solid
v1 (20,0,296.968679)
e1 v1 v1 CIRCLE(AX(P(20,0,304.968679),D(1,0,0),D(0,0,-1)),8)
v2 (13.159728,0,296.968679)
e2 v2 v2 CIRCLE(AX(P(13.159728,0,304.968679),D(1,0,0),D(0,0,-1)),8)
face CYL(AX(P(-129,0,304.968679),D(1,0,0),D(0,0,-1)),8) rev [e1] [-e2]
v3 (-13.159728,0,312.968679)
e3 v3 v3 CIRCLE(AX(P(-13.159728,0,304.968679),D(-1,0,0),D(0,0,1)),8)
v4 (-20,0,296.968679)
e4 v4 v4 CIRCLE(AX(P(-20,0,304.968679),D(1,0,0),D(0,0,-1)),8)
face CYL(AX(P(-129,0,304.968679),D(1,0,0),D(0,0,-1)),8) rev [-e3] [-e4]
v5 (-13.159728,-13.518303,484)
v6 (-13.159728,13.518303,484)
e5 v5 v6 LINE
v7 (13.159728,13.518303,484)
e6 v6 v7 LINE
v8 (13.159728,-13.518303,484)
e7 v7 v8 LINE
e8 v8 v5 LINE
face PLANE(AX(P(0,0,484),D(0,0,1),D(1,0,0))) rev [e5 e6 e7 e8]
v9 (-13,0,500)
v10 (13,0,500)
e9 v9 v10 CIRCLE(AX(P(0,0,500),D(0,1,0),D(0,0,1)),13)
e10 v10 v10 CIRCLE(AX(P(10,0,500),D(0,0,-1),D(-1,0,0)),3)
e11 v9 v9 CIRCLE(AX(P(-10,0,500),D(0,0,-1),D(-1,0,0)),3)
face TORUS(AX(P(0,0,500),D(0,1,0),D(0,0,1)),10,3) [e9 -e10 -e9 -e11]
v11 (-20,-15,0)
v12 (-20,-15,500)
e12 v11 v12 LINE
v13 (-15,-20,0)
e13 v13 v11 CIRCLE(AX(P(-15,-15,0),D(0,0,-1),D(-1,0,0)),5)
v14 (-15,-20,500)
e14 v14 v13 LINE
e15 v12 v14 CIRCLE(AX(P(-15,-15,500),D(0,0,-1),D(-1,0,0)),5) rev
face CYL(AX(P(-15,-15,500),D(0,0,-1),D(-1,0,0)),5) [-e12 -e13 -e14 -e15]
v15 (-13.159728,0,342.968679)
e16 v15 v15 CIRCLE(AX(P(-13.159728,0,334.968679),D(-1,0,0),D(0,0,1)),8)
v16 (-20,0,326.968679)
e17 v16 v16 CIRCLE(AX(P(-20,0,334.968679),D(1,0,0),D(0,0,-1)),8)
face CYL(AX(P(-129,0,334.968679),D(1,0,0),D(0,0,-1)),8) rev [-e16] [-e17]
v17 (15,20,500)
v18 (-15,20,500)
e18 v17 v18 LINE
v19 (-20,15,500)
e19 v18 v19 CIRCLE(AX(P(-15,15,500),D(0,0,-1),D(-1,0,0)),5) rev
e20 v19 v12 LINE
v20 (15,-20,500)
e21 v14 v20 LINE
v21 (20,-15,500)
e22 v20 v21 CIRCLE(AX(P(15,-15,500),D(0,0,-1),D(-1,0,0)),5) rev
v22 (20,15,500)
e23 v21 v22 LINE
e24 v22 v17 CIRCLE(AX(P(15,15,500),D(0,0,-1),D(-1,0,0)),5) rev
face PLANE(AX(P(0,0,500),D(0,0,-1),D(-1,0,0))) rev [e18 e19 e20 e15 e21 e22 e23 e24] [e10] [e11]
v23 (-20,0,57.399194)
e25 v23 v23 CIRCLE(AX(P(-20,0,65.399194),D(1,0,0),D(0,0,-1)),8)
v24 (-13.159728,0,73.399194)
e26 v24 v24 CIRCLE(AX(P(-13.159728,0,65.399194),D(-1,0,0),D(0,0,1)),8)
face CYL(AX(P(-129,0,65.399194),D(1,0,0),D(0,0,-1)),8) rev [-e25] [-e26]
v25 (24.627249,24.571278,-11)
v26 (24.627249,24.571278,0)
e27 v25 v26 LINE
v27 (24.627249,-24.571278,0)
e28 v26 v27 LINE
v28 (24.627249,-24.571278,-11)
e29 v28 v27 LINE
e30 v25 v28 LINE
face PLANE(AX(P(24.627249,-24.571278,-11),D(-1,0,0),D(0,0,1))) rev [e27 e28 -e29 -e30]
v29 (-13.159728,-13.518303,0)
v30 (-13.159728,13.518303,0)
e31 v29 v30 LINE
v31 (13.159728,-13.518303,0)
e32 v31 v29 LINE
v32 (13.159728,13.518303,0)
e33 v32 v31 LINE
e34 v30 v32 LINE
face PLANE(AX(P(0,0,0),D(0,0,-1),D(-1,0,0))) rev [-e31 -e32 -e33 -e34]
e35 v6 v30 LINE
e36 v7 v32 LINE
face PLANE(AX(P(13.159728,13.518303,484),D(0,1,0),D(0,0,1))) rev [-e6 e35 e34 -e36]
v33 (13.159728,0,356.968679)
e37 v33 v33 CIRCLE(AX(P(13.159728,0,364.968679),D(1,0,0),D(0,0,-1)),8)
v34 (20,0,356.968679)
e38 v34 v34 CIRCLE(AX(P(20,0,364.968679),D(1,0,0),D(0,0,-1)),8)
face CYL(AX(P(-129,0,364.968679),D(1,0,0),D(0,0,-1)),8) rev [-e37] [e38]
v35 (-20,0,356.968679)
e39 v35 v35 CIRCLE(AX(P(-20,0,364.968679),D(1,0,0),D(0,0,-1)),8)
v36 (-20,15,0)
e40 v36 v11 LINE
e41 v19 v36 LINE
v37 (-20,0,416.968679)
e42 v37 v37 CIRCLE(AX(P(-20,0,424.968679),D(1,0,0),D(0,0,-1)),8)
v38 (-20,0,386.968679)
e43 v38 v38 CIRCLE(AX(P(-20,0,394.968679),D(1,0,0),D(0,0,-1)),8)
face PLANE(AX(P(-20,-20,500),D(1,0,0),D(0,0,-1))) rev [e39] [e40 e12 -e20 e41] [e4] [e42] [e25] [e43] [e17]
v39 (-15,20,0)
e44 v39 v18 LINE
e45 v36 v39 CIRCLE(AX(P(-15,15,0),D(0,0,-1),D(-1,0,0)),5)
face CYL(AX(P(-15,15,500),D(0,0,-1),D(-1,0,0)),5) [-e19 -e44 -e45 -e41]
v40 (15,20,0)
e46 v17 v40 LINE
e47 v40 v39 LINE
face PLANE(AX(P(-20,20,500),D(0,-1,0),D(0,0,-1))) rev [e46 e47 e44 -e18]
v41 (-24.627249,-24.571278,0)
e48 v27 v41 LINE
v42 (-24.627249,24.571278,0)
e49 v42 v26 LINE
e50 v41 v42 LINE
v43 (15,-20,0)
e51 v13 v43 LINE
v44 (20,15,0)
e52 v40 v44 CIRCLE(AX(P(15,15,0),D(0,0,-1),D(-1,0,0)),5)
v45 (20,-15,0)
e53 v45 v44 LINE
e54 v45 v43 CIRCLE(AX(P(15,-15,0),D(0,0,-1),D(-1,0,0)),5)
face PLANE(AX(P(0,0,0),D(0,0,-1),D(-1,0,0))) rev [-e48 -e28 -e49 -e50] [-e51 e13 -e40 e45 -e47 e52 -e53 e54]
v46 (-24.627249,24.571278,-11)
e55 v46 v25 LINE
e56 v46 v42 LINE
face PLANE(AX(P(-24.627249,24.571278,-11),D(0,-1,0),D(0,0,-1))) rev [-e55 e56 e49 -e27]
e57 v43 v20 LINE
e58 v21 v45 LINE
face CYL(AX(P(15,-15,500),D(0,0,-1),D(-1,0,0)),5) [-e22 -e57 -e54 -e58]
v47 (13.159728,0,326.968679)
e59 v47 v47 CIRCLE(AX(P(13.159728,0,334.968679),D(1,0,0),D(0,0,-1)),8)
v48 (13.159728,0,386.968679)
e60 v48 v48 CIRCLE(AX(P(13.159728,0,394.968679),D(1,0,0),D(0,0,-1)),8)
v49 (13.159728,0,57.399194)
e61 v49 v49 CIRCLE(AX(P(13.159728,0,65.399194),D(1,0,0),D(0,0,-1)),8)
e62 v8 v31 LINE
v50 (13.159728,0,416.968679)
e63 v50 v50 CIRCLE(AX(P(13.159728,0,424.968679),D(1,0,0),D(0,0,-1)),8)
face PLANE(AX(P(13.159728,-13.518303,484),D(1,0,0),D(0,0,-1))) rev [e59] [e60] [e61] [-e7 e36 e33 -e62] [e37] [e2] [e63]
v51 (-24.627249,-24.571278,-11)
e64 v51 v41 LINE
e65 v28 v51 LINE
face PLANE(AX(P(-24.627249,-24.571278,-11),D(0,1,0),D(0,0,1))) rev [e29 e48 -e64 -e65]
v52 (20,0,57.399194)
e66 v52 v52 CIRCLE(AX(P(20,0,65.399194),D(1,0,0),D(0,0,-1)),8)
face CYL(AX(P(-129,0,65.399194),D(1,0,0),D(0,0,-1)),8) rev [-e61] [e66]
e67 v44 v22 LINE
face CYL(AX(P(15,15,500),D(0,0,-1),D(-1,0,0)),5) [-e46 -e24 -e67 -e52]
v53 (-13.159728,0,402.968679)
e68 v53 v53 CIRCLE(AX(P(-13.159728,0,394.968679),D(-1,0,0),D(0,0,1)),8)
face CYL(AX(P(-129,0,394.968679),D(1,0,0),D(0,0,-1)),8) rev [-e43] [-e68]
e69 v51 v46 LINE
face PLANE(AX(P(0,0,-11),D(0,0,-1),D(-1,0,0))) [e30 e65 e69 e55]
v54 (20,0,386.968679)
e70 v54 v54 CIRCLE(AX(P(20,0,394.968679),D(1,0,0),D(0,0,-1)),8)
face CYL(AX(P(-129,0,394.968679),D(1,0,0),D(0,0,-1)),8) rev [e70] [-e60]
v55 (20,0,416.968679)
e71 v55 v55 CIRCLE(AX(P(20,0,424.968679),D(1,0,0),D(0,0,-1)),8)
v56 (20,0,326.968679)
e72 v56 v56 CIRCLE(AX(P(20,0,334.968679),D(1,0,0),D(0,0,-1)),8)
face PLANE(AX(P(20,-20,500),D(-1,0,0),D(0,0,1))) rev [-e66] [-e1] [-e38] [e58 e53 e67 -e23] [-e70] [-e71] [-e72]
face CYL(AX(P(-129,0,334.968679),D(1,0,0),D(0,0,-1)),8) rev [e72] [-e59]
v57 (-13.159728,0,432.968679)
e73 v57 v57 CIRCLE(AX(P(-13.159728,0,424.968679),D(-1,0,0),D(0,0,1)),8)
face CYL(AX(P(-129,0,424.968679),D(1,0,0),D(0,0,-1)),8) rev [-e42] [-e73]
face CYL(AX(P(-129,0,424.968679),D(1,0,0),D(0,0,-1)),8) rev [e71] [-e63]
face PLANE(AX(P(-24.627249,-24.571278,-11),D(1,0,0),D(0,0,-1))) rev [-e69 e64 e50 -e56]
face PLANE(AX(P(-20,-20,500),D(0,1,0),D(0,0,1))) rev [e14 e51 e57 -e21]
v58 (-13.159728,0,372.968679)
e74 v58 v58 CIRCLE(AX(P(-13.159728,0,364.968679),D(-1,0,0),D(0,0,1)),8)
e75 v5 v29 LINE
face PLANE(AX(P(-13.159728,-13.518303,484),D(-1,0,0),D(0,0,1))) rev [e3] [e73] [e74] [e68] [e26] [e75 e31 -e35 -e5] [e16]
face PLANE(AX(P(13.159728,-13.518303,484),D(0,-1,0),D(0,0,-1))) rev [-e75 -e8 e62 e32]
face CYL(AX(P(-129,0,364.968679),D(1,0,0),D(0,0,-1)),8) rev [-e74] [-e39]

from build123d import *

# Parameters (mm, degrees)
SKETCH1_W           = 40
SKETCH1_H           = 40
BOSS_EXTRUDE1_DEPTH = 500
SKETCH2_R           = 3
FILLET1_R           = 5
SKETCH4_W           = 26.319455472
SKETCH4_H           = 27.036606846
CUT_EXTRUDE1_DEPTH  = 484
SKETCH5_W           = 49.254498594
SKETCH5_H           = 49.142556558
BOSS_EXTRUDE3_DEPTH = 11
SKETCH6_R           = 8
CUT_EXTRUDE2_DEPTH  = 149


with BuildPart() as part:
    # Sketch1 → Boss-Extrude1 (new body)
    with BuildSketch(Plane.XY):
        Rectangle(SKETCH1_W, SKETCH1_H)
    extrude(amount=BOSS_EXTRUDE1_DEPTH)

    # Sketch2 → Revolve1 (revolve)
    with BuildSketch(Plane.XY.offset(500), mode=Mode.PRIVATE) as revolve1_sk:
        with Locations((-10, 0)):
            Circle(SKETCH2_R)
    revolve(revolve1_sk.sketch.rotate(Axis((0, 23.495779736, 500), (0, -1, 0)), 270), axis=Axis((0, 23.495779736, 500), (0, -1, 0)))

    # Fillet1
    fillet1_edges = [part.edges().sort_by_distance(p)[0] for p in [
        (20, -20, 250),
        (-20, -20, 250),
        (-20, 20, 250),
        (20, 20, 250),
    ]]
    fillet(fillet1_edges, radius=FILLET1_R)

    # Sketch4 → Cut-Extrude1 (cut)
    with BuildSketch(Plane(origin=(0, 0, 0), x_dir=(-1, 0, 0), z_dir=(0, 0, -1))):
        Rectangle(SKETCH4_W, SKETCH4_H)
    extrude(amount=-CUT_EXTRUDE1_DEPTH, mode=Mode.SUBTRACT)

    # Sketch5 → Boss-Extrude3 (add)
    with BuildSketch(Plane(origin=(0, 0, 0), x_dir=(-1, 0, 0), z_dir=(0, 0, -1))):
        Rectangle(SKETCH5_W, SKETCH5_H)
    extrude(amount=BOSS_EXTRUDE3_DEPTH)

    # Sketch6 → Cut-Extrude2 (cut)
    with BuildSketch(Plane(origin=(20, 0, 0), x_dir=(0, 0, -1), z_dir=(1, 0, 0))):
        with Locations((-65.399193922, 0)):
            Circle(SKETCH6_R)
        with Locations((-304.968679319, 0)):
            Circle(SKETCH6_R)
        with Locations((-334.968679319, 0)):
            Circle(SKETCH6_R)
        with Locations((-364.968679319, 0)):
            Circle(SKETCH6_R)
        with Locations((-394.968679319, 0)):
            Circle(SKETCH6_R)
        with Locations((-424.968679319, 0)):
            Circle(SKETCH6_R)
    extrude(amount=-CUT_EXTRUDE2_DEPTH, mode=Mode.SUBTRACT)


solid = part.part
